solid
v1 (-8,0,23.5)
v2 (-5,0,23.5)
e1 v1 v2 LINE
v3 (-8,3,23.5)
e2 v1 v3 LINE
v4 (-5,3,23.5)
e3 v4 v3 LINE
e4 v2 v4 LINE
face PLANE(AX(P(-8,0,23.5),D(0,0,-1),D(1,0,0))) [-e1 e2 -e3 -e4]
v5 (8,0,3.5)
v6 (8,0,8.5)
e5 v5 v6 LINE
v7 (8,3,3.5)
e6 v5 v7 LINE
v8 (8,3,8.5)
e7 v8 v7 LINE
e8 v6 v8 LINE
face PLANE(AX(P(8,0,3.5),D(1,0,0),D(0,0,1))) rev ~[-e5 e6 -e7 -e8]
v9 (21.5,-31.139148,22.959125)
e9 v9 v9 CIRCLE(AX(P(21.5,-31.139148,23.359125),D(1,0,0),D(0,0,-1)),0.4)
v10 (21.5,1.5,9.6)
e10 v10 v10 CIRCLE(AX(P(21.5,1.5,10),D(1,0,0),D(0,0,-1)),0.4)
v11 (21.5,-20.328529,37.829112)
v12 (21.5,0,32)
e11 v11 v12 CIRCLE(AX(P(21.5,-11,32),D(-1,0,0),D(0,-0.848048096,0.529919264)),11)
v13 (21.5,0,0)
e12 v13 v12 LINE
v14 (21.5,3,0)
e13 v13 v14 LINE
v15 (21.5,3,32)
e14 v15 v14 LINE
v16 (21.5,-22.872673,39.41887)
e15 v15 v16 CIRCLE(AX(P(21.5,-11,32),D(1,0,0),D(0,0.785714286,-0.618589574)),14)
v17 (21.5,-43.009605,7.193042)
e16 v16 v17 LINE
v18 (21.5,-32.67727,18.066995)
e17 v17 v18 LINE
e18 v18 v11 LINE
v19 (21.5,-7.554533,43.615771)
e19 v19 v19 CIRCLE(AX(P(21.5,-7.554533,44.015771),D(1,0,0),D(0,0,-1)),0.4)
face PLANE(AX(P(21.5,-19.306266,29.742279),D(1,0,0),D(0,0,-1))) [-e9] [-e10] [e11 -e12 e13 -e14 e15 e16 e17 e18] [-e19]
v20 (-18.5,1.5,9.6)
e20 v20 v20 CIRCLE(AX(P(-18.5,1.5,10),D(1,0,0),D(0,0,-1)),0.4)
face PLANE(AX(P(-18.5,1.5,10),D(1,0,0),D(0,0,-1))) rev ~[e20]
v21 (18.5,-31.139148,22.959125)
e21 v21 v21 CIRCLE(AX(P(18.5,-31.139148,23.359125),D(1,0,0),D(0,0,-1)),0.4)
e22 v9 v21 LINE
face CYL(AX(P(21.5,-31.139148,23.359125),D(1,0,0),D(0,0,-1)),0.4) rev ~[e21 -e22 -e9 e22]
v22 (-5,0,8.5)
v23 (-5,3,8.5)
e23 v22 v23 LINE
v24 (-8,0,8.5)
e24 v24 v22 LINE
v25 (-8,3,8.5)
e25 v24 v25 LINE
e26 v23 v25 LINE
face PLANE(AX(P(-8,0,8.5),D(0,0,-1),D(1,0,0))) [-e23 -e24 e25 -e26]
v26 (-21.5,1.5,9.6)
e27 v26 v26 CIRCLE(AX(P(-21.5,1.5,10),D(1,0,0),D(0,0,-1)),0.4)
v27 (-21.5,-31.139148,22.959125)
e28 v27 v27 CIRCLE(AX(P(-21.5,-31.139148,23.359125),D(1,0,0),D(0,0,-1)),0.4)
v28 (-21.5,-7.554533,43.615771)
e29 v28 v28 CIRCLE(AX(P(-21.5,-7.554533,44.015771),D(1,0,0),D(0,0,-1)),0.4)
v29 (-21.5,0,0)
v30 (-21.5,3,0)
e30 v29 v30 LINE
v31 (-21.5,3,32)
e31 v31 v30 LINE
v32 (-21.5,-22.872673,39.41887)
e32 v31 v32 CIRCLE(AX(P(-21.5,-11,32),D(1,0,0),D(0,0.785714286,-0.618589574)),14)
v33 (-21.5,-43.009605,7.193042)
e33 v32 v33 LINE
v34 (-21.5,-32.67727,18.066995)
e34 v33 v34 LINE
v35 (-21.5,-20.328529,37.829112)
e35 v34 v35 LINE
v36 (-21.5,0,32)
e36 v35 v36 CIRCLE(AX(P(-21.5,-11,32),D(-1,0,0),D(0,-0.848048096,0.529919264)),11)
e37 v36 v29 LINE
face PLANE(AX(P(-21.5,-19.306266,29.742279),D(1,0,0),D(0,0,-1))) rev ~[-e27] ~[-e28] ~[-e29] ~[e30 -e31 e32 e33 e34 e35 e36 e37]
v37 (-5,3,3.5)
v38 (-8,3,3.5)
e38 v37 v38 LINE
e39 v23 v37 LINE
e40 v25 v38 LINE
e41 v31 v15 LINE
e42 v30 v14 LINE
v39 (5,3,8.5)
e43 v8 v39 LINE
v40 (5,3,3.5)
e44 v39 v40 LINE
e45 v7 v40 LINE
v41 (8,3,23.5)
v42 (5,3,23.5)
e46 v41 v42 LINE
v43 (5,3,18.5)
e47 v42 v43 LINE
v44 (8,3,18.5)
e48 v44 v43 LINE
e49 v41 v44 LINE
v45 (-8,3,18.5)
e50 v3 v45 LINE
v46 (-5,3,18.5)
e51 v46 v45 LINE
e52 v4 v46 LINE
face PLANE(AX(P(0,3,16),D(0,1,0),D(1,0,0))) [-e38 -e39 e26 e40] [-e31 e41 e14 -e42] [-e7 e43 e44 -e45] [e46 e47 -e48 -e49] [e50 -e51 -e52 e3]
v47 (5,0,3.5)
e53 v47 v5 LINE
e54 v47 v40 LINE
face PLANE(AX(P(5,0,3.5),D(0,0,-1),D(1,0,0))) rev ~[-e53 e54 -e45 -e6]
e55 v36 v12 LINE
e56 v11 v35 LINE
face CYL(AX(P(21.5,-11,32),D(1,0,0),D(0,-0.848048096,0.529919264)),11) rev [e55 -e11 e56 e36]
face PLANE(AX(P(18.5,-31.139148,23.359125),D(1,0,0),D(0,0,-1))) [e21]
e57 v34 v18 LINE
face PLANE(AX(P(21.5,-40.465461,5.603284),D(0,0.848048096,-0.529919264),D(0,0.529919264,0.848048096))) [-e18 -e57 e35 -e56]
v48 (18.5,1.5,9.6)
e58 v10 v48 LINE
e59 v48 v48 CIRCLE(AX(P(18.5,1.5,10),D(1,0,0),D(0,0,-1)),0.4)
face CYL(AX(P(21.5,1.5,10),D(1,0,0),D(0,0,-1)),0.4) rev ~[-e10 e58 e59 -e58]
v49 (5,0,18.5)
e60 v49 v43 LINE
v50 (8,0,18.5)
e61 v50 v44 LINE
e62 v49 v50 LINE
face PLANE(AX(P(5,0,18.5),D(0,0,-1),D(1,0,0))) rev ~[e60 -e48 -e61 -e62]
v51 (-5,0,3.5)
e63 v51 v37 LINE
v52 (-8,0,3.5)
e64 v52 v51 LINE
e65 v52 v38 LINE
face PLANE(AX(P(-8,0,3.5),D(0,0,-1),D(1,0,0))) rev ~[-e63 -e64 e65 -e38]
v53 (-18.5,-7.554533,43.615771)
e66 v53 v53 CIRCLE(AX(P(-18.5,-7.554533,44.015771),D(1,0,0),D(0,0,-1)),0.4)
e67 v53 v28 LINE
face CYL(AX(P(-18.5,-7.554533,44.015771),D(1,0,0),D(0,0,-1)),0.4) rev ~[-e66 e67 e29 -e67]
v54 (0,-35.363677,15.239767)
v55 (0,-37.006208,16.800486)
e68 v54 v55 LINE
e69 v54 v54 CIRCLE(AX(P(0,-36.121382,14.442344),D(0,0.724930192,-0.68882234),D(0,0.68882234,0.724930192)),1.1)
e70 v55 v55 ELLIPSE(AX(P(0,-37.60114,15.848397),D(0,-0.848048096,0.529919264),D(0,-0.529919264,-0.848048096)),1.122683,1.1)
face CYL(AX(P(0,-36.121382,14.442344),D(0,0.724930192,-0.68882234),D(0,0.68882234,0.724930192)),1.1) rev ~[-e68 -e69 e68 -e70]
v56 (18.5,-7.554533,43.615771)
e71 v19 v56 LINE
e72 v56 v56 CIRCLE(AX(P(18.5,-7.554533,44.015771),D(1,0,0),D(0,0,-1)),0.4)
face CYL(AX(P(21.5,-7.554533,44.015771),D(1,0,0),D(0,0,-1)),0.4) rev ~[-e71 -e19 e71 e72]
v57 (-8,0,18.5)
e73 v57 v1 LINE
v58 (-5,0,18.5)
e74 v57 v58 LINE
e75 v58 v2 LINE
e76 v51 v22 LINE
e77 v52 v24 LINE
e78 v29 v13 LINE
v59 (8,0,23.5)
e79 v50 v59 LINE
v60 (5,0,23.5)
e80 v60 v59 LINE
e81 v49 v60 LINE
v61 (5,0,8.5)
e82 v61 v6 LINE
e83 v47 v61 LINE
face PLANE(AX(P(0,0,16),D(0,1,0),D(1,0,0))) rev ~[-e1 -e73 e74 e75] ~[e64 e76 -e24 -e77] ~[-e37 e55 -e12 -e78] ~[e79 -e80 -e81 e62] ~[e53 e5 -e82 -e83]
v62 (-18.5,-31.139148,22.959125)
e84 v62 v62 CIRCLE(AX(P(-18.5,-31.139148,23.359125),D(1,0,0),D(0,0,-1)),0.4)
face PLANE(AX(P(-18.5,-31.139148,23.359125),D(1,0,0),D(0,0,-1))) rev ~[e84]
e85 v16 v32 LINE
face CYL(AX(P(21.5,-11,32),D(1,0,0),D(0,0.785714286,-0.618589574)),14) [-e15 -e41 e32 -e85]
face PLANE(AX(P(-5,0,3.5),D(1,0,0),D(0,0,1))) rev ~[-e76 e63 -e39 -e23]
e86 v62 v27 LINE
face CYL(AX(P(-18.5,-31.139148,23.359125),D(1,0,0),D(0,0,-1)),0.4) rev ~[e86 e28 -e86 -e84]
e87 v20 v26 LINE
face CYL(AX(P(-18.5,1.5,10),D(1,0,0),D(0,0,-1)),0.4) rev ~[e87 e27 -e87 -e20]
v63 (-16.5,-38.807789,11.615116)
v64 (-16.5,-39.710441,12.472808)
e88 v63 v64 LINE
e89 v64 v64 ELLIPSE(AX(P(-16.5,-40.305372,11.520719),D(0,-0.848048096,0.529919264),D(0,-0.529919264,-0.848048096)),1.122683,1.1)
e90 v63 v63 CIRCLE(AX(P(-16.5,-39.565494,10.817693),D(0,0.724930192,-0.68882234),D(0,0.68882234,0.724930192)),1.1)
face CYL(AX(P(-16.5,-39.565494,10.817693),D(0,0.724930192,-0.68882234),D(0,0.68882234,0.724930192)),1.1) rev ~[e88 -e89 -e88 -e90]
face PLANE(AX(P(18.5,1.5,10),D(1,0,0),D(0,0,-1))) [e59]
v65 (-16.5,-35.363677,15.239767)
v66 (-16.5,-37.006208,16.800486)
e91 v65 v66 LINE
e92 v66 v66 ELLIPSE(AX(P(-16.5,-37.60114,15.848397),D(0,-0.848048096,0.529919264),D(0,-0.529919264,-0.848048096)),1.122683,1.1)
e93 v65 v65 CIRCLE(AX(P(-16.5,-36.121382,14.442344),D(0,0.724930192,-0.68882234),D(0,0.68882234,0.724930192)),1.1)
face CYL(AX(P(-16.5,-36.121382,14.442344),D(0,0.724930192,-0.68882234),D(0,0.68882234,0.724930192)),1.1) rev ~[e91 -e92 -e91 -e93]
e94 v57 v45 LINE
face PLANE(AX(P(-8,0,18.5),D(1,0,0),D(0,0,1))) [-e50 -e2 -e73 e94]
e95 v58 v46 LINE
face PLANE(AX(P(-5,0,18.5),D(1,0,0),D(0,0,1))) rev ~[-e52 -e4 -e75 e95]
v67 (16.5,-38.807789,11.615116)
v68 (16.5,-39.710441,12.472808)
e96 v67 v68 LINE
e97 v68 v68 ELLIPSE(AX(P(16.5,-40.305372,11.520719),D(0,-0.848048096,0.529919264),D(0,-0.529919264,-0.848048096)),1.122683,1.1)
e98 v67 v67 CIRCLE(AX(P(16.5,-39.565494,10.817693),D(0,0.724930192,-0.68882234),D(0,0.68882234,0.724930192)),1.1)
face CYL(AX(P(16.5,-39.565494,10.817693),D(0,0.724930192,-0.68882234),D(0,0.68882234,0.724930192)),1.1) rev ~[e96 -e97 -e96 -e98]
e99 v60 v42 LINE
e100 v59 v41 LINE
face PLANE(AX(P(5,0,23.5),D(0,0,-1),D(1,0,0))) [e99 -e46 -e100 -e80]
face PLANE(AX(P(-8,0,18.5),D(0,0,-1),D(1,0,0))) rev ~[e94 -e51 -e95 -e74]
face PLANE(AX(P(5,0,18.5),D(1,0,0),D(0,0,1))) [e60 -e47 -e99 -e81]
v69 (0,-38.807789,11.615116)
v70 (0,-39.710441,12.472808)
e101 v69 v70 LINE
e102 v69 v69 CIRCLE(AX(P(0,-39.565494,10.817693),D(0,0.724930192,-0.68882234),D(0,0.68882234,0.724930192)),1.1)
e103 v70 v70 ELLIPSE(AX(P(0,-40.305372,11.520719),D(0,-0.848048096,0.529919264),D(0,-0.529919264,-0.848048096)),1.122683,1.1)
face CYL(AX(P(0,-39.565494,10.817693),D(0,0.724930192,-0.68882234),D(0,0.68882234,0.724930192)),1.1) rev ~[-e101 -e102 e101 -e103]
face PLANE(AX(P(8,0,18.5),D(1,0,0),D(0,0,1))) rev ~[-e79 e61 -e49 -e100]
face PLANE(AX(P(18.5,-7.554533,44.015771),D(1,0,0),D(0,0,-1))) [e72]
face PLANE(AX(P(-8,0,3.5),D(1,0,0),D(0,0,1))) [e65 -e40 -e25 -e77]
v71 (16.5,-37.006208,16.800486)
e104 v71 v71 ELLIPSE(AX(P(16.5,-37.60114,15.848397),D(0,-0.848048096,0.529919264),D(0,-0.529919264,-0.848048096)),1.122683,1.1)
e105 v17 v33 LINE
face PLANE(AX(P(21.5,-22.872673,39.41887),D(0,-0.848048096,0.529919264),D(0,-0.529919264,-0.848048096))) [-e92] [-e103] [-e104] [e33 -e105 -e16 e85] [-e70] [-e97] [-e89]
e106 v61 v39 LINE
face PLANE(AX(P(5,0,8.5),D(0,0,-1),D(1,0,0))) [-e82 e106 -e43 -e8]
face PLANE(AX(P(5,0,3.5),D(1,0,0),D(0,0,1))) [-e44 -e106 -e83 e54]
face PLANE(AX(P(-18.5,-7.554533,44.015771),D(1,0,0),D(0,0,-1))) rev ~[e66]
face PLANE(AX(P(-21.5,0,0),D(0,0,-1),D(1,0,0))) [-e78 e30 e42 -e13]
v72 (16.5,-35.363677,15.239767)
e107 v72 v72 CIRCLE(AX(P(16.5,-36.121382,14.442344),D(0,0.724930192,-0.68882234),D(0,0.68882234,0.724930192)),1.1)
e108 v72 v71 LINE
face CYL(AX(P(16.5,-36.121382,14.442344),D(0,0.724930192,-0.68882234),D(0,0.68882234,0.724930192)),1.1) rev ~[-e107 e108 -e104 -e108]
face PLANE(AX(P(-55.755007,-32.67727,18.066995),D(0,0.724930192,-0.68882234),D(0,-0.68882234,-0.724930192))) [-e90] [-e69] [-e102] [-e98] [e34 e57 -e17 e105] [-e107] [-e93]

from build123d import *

# Parameters (mm, degrees)
SKETCH_2_W               = 43
SKETCH_2_H               = 32
EXTRUDE_1_DEPTH          = 3
EXTRUDE_2_DEPTH          = 43
SKETCH_4_W               = 3
SKETCH_4_H               = 5
CUT_EXTRUDE_1_DEPTH      = 67.543791262
SKETCH_5_R               = 0.4
CUT_EXTRUDE_2_DEPTH      = 3
CUT_EXTRUDE_START        = -40
SKETCH_5_3_R             = 0.4
CUT_EXTRUDE_3_DEPTH      = 3
CUT_EXTRUDE_4_DEPTH      = 77.255007413
CUT_EXTRUDE_4_DEPTH_BACK = 77.255007413
SKETCH_8_R               = 1.1
CUT_EXTRUDE_5_DEPTH      = 44.977948296


with BuildPart() as part:
    # 草图2 → 凸台-拉伸1 (new body)
    with BuildSketch(Plane(origin=(0, 0, 0), x_dir=(1, 0, 0), z_dir=(0, 1, 0))):
        with Locations((0, -16)):
            Rectangle(SKETCH_2_W, SKETCH_2_H)
    extrude(amount=EXTRUDE_1_DEPTH)

    # 草图3 → 凸台-拉伸2 (add)
    with BuildSketch(Plane(origin=(21.5, 0, 0), x_dir=(0, 0, -1), z_dir=(1, 0, 0))):
        with BuildLine():
            ThreePointArc((-37.829111907, -20.328529058), (-42.573878655, -7.967989086), (-32, 0))
            Line((-32, 0), (-23.339745962, 0))
            ThreePointArc((-23.339745962, 0), (-43.453167914, -2.948606038), (-39.418869699, -22.872673346))
            Line((-39.418869699, -22.872673346), (-7.193042045, -43.009605387))
            Line((-7.193042045, -43.009605387), (-5.603284253, -40.465461099))
            Line((-5.603284253, -40.465461099), (-37.829111907, -20.328529058))
        make_face()
    extrude(amount=-EXTRUDE_2_DEPTH)

    # 草图4 → 切除-拉伸1 (cut, through all)
    with BuildSketch(Plane.XZ):
        with Locations((6.5, 6)):
            Rectangle(SKETCH_4_W, SKETCH_4_H)
        with Locations((6.5, 21)):
            Rectangle(SKETCH_4_W, SKETCH_4_H)
        with Locations((-6.5, 6)):
            Rectangle(SKETCH_4_W, SKETCH_4_H)
        with Locations((-6.5, 21)):
            Rectangle(SKETCH_4_W, SKETCH_4_H)
    extrude(amount=-CUT_EXTRUDE_1_DEPTH, mode=Mode.SUBTRACT)

    # 草图5 → 切除-拉伸2 (cut)
    with BuildSketch(Plane(origin=(21.5, 0, 0), x_dir=(0, 0, -1), z_dir=(1, 0, 0))):
        with Locations((-10, 1.5)):
            Circle(SKETCH_5_R)
        with Locations((-44.015771199, -7.554533052)):
            Circle(SKETCH_5_R)
        with Locations((-23.359125072, -31.139147958)):
            Circle(SKETCH_5_R)
    extrude(amount=-CUT_EXTRUDE_2_DEPTH, mode=Mode.SUBTRACT)

    # 草图5<3> → 切除-拉伸3 (cut)
    with BuildSketch(Plane(origin=(21.5, 0, 0), x_dir=(0, 0, -1), z_dir=(1, 0, 0)).offset(CUT_EXTRUDE_START)):
        with Locations((-10, 1.5)):
            Circle(SKETCH_5_3_R)
        with Locations((-44.015771199, -7.554533052)):
            Circle(SKETCH_5_3_R)
        with Locations((-23.359125072, -31.139147958)):
            Circle(SKETCH_5_3_R)
    extrude(amount=-CUT_EXTRUDE_3_DEPTH, mode=Mode.SUBTRACT)

    # 草图6 → 切除-拉伸4 (cut, two sides: drawn at the far end of the back side and taken through both)
    with BuildSketch(Plane(origin=(21.5, 0, 0), x_dir=(0, 0, -1), z_dir=(1, 0, 0)).offset(-CUT_EXTRUDE_4_DEPTH_BACK)):
        Polygon((-18.06699493, -32.677270285), (-7.193042045, -43.009605387), (-5.603284253, -40.465461099), align=None)
    extrude(amount=CUT_EXTRUDE_4_DEPTH + CUT_EXTRUDE_4_DEPTH_BACK, mode=Mode.SUBTRACT)

    # 草图8 → 切除-拉伸5 (cut, through all)
    with BuildSketch(Plane(origin=(0, -26.194402521, 24.8896926), x_dir=(1, 0, 0), z_dir=(0, 0.7249301923221455, -0.6888223401282635))):
        with Locations(Location((16.5, 19.411523677, 0), (0, 0, 270))):
            Circle(SKETCH_8_R)
        with Locations(Location((16.5, 14.411523677, 0), (0, 0, 270))):
            Circle(SKETCH_8_R)
        with Locations(Location((0, 14.411523677, 0), (0, 0, 270))):
            Circle(SKETCH_8_R)
        with Locations(Location((0, 19.411523677, 0), (0, 0, 270))):
            Circle(SKETCH_8_R)
        with Locations(Location((-16.5, 19.411523677, 0), (0, 0, 270))):
            Circle(SKETCH_8_R)
        with Locations(Location((-16.5, 14.411523677, 0), (0, 0, 270))):
            Circle(SKETCH_8_R)
    extrude(amount=-CUT_EXTRUDE_5_DEPTH, mode=Mode.SUBTRACT)


solid = part.part
